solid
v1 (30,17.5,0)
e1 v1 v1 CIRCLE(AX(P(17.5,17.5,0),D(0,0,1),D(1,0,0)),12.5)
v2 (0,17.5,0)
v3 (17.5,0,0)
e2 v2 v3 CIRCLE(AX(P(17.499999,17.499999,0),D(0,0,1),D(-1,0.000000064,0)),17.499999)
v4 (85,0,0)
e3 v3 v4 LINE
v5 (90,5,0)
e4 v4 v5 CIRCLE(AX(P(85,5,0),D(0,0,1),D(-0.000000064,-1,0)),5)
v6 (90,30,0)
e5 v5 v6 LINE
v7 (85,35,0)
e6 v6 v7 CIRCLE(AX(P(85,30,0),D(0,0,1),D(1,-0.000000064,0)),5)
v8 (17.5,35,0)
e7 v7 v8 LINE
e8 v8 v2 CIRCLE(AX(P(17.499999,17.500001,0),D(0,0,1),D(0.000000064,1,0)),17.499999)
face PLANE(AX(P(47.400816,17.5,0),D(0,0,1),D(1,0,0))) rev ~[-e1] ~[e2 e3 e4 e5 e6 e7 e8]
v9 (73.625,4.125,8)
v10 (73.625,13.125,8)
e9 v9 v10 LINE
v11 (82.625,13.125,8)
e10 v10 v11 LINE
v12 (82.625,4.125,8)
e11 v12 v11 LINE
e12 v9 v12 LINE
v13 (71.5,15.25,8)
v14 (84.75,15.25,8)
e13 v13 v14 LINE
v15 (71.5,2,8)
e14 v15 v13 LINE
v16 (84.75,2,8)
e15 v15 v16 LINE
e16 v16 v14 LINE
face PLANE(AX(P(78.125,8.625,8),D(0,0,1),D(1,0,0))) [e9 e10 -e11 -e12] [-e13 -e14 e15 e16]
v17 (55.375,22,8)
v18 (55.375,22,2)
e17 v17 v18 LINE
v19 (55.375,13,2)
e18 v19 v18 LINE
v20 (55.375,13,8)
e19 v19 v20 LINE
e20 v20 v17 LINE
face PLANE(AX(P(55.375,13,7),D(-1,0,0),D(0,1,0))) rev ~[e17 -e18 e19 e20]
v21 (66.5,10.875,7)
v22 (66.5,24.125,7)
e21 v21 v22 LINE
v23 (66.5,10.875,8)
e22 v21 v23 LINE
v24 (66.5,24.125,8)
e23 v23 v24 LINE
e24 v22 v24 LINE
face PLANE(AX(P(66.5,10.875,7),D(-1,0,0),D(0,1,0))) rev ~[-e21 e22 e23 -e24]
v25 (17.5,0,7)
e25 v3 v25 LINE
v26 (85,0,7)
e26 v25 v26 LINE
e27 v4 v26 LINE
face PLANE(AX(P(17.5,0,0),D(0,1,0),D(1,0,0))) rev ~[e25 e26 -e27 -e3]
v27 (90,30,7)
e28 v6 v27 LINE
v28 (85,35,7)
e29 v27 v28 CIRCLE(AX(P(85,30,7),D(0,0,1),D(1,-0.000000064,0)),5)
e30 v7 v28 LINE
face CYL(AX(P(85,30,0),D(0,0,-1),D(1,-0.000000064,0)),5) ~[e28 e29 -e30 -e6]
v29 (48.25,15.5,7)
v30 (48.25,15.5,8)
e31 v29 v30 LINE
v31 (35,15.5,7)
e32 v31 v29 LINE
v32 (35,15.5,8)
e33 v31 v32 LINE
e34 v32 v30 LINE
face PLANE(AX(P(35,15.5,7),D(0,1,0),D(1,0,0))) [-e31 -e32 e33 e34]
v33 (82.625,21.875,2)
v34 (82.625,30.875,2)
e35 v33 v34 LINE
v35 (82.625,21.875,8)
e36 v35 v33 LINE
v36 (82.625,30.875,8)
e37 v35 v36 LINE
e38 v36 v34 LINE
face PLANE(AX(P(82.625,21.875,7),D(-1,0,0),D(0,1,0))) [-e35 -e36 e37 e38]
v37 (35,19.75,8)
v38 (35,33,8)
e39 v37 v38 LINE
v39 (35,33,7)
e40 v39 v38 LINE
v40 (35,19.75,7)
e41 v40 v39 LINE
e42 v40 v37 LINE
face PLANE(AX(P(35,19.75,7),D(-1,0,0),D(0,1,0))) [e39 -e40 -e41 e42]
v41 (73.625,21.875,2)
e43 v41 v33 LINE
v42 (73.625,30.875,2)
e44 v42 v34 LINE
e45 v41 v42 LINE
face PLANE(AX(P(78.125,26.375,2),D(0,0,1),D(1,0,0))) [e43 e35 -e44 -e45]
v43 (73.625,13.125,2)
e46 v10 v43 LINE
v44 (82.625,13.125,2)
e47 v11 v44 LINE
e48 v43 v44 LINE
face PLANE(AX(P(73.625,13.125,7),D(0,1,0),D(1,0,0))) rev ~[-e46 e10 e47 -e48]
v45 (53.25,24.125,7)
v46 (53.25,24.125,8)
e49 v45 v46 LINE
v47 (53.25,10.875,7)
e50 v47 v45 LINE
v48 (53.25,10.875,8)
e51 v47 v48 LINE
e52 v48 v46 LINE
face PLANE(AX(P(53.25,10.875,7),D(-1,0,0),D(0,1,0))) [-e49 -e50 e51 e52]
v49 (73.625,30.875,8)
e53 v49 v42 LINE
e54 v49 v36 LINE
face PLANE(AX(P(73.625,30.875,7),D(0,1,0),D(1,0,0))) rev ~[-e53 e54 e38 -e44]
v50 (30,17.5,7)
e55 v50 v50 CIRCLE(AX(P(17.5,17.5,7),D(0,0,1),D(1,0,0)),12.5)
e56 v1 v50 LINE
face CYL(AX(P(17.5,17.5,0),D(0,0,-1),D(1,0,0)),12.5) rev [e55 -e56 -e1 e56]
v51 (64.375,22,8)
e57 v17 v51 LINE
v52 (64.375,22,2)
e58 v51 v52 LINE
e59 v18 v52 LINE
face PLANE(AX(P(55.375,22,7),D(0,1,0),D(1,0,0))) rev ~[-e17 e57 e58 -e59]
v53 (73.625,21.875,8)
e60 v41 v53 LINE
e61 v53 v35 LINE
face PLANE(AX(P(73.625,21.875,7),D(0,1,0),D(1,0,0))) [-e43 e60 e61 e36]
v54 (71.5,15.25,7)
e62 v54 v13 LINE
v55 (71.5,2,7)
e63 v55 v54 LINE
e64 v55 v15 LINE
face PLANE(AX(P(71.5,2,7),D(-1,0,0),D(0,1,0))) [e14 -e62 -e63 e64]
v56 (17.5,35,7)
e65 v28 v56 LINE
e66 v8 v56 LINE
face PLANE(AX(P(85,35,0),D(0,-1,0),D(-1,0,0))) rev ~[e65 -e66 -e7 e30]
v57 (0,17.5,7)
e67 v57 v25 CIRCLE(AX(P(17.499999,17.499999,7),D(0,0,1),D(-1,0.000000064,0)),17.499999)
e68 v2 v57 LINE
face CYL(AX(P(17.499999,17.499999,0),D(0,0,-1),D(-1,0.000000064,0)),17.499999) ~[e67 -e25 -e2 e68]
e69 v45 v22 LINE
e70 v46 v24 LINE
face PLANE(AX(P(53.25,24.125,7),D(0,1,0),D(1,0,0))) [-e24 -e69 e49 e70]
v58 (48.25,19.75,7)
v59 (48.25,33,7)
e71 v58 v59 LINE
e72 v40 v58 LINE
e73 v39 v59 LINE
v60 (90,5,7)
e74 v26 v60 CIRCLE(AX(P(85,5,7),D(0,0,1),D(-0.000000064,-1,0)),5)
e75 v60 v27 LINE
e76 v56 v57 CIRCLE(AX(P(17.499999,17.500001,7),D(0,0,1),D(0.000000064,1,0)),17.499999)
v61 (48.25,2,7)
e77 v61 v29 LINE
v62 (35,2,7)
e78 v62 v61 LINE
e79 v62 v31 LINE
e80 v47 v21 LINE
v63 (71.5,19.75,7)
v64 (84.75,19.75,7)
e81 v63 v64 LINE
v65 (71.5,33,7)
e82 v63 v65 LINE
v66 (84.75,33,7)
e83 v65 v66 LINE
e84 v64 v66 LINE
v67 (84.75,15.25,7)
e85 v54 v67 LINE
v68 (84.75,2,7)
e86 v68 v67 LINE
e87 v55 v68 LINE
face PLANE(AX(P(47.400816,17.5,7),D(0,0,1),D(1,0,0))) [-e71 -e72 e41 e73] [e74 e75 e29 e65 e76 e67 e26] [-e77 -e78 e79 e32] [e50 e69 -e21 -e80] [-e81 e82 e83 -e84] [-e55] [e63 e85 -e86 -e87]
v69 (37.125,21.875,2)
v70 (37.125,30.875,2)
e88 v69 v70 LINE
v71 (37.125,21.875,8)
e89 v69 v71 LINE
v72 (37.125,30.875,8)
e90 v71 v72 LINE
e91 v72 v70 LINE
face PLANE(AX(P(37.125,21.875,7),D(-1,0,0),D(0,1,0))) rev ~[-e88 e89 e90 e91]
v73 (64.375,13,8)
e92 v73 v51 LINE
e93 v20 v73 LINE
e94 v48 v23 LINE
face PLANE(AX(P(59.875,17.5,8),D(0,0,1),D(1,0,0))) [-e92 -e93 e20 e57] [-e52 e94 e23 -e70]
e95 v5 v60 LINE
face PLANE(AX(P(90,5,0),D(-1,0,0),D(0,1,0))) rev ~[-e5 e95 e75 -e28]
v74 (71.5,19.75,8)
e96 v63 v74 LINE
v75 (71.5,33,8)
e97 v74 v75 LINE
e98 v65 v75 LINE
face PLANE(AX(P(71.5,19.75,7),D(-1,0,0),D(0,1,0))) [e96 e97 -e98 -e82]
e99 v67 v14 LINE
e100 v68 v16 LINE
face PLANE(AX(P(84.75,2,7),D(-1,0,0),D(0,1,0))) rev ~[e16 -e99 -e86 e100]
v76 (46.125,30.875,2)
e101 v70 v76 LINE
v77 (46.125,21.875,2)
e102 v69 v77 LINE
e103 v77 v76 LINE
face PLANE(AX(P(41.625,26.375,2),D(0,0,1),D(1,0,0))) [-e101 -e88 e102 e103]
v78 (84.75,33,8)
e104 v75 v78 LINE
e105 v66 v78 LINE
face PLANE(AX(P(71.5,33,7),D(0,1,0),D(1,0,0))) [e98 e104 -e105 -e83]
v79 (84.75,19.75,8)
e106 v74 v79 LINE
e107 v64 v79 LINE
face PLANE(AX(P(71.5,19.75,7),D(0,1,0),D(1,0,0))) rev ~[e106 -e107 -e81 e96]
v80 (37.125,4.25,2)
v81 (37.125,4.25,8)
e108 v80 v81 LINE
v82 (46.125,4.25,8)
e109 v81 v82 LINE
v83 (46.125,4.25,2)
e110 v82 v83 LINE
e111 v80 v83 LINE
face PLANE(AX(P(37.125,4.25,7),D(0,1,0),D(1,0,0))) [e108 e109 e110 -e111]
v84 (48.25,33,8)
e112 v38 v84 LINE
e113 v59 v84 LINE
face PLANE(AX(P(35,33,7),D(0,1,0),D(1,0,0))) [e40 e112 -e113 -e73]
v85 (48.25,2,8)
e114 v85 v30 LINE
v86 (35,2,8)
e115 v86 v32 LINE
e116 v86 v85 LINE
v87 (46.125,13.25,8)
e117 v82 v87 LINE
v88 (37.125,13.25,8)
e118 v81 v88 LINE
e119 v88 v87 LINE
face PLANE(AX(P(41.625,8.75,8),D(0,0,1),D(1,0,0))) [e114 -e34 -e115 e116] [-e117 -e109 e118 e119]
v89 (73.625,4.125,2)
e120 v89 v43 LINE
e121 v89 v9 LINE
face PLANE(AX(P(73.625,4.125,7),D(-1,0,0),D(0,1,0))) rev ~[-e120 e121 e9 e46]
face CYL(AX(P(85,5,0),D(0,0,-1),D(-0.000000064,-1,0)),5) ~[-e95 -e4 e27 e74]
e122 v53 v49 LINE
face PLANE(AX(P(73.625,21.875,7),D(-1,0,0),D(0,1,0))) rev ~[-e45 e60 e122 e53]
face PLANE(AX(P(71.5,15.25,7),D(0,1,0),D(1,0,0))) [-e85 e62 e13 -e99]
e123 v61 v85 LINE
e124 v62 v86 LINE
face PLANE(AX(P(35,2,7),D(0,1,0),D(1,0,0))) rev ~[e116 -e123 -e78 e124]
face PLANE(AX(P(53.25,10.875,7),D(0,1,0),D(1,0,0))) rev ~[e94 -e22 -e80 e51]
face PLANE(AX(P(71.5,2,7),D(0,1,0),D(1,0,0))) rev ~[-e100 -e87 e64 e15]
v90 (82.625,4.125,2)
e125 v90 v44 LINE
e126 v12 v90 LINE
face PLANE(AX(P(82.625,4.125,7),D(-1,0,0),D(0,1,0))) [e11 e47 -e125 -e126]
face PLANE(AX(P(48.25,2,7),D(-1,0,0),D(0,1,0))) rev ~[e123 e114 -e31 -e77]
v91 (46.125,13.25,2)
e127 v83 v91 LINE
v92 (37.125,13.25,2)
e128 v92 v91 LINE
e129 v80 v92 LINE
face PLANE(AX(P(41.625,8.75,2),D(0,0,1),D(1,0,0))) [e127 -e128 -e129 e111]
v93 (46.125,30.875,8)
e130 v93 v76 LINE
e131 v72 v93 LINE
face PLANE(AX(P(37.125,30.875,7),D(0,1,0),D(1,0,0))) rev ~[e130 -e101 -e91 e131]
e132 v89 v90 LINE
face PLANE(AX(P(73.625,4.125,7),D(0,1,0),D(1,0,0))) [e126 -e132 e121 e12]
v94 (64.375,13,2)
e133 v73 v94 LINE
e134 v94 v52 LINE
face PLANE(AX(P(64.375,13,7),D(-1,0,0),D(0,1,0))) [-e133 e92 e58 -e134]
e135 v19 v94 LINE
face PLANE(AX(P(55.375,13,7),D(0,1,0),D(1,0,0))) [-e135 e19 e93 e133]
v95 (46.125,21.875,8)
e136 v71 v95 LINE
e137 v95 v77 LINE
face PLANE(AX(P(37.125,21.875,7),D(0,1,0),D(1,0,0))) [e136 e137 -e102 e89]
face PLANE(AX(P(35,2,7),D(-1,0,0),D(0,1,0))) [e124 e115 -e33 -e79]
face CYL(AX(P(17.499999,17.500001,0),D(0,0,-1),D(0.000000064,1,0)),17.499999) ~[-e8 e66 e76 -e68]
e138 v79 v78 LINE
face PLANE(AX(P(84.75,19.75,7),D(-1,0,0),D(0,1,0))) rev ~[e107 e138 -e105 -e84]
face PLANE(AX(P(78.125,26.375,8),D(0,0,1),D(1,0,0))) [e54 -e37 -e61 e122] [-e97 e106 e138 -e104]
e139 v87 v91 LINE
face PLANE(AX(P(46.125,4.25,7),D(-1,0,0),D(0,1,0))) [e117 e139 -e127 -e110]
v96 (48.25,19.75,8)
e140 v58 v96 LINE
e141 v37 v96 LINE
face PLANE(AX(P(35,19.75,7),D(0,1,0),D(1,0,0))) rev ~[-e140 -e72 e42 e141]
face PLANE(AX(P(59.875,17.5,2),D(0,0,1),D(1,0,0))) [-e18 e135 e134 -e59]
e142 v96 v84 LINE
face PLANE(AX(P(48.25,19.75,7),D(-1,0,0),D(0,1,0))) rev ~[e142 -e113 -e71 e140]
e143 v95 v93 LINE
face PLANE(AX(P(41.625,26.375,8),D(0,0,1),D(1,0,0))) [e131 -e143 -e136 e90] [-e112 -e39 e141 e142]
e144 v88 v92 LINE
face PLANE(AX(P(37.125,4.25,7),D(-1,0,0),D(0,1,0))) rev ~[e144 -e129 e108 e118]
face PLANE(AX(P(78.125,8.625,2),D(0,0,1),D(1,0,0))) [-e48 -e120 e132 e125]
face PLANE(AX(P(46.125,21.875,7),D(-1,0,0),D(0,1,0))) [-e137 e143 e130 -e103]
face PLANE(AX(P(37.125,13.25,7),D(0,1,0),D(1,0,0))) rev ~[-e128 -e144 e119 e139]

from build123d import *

# Parameters (mm, degrees)
F0_R     = 12.5
F1_DEPTH = 7
F2_W     = 13.25
F2_H     = 13.25
F2_W_2   = 9
F2_H_2   = 9
F2_H_3   = 13.5
F3_DEPTH = 1
F4_DEPTH = 5


with BuildPart() as f1:
    # F0 (on Top) → F1 (new body)
    with BuildSketch(Plane.XY):
        with BuildLine():
            ThreePointArc((0, 17.5), (5.125631, 5.125631), (17.5, 0))
            Line((17.5, 0), (85, 0))
            ThreePointArc((85, 0), (88.535534, 1.464466), (90, 5))
            Line((90, 5), (90, 30))
            ThreePointArc((90, 30), (88.535534, 33.535534), (85, 35))
            Line((85, 35), (17.5, 35))
            ThreePointArc((17.5, 35), (5.125631, 29.874369), (0, 17.5))
        make_face()
        with Locations((17.5, 17.5)):
            Circle(F0_R, mode=Mode.SUBTRACT)
    extrude(amount=F1_DEPTH)

    # F2 (on face) → F3 (join)
    with BuildSketch(Plane.XY.offset(7)):
        with Locations((41.625, 26.375)):
            Rectangle(F2_W, F2_H)
        with Locations((41.625, 26.375)):
            Rectangle(F2_W_2, F2_H_2, mode=Mode.SUBTRACT)
        with Locations((41.625, 8.75)):
            Rectangle(F2_W, F2_H_3)
        with Locations((41.625, 8.75)):
            Rectangle(F2_W_2, F2_H_2, mode=Mode.SUBTRACT)
        with Locations((59.875, 17.5)):
            Rectangle(F2_W, F2_H)
        with Locations((59.875, 17.5)):
            Rectangle(F2_W_2, F2_H_2, mode=Mode.SUBTRACT)
        with Locations((78.125, 8.625)):
            Rectangle(F2_W, F2_H)
        with Locations((78.125, 8.625)):
            Rectangle(F2_W_2, F2_H_2, mode=Mode.SUBTRACT)
        with Locations((78.125, 26.375)):
            Rectangle(F2_W, F2_H)
        with Locations((78.125, 26.375)):
            Rectangle(F2_W_2, F2_H_2, mode=Mode.SUBTRACT)
    extrude(amount=F3_DEPTH)

    # F2 (on face) → F4 (cut)
    with BuildSketch(Plane.XY.offset(7)):
        with Locations((41.625, 26.375)):
            Rectangle(F2_W_2, F2_H_2)
        with Locations((41.625, 8.75)):
            Rectangle(F2_W_2, F2_H_2)
        with Locations((59.875, 17.5)):
            Rectangle(F2_W_2, F2_H_2)
        with Locations((78.125, 26.375)):
            Rectangle(F2_W_2, F2_H_2)
        with Locations((78.125, 8.625)):
            Rectangle(F2_W_2, F2_H_2)
    extrude(amount=-F4_DEPTH, mode=Mode.SUBTRACT)


solid = f1.part
